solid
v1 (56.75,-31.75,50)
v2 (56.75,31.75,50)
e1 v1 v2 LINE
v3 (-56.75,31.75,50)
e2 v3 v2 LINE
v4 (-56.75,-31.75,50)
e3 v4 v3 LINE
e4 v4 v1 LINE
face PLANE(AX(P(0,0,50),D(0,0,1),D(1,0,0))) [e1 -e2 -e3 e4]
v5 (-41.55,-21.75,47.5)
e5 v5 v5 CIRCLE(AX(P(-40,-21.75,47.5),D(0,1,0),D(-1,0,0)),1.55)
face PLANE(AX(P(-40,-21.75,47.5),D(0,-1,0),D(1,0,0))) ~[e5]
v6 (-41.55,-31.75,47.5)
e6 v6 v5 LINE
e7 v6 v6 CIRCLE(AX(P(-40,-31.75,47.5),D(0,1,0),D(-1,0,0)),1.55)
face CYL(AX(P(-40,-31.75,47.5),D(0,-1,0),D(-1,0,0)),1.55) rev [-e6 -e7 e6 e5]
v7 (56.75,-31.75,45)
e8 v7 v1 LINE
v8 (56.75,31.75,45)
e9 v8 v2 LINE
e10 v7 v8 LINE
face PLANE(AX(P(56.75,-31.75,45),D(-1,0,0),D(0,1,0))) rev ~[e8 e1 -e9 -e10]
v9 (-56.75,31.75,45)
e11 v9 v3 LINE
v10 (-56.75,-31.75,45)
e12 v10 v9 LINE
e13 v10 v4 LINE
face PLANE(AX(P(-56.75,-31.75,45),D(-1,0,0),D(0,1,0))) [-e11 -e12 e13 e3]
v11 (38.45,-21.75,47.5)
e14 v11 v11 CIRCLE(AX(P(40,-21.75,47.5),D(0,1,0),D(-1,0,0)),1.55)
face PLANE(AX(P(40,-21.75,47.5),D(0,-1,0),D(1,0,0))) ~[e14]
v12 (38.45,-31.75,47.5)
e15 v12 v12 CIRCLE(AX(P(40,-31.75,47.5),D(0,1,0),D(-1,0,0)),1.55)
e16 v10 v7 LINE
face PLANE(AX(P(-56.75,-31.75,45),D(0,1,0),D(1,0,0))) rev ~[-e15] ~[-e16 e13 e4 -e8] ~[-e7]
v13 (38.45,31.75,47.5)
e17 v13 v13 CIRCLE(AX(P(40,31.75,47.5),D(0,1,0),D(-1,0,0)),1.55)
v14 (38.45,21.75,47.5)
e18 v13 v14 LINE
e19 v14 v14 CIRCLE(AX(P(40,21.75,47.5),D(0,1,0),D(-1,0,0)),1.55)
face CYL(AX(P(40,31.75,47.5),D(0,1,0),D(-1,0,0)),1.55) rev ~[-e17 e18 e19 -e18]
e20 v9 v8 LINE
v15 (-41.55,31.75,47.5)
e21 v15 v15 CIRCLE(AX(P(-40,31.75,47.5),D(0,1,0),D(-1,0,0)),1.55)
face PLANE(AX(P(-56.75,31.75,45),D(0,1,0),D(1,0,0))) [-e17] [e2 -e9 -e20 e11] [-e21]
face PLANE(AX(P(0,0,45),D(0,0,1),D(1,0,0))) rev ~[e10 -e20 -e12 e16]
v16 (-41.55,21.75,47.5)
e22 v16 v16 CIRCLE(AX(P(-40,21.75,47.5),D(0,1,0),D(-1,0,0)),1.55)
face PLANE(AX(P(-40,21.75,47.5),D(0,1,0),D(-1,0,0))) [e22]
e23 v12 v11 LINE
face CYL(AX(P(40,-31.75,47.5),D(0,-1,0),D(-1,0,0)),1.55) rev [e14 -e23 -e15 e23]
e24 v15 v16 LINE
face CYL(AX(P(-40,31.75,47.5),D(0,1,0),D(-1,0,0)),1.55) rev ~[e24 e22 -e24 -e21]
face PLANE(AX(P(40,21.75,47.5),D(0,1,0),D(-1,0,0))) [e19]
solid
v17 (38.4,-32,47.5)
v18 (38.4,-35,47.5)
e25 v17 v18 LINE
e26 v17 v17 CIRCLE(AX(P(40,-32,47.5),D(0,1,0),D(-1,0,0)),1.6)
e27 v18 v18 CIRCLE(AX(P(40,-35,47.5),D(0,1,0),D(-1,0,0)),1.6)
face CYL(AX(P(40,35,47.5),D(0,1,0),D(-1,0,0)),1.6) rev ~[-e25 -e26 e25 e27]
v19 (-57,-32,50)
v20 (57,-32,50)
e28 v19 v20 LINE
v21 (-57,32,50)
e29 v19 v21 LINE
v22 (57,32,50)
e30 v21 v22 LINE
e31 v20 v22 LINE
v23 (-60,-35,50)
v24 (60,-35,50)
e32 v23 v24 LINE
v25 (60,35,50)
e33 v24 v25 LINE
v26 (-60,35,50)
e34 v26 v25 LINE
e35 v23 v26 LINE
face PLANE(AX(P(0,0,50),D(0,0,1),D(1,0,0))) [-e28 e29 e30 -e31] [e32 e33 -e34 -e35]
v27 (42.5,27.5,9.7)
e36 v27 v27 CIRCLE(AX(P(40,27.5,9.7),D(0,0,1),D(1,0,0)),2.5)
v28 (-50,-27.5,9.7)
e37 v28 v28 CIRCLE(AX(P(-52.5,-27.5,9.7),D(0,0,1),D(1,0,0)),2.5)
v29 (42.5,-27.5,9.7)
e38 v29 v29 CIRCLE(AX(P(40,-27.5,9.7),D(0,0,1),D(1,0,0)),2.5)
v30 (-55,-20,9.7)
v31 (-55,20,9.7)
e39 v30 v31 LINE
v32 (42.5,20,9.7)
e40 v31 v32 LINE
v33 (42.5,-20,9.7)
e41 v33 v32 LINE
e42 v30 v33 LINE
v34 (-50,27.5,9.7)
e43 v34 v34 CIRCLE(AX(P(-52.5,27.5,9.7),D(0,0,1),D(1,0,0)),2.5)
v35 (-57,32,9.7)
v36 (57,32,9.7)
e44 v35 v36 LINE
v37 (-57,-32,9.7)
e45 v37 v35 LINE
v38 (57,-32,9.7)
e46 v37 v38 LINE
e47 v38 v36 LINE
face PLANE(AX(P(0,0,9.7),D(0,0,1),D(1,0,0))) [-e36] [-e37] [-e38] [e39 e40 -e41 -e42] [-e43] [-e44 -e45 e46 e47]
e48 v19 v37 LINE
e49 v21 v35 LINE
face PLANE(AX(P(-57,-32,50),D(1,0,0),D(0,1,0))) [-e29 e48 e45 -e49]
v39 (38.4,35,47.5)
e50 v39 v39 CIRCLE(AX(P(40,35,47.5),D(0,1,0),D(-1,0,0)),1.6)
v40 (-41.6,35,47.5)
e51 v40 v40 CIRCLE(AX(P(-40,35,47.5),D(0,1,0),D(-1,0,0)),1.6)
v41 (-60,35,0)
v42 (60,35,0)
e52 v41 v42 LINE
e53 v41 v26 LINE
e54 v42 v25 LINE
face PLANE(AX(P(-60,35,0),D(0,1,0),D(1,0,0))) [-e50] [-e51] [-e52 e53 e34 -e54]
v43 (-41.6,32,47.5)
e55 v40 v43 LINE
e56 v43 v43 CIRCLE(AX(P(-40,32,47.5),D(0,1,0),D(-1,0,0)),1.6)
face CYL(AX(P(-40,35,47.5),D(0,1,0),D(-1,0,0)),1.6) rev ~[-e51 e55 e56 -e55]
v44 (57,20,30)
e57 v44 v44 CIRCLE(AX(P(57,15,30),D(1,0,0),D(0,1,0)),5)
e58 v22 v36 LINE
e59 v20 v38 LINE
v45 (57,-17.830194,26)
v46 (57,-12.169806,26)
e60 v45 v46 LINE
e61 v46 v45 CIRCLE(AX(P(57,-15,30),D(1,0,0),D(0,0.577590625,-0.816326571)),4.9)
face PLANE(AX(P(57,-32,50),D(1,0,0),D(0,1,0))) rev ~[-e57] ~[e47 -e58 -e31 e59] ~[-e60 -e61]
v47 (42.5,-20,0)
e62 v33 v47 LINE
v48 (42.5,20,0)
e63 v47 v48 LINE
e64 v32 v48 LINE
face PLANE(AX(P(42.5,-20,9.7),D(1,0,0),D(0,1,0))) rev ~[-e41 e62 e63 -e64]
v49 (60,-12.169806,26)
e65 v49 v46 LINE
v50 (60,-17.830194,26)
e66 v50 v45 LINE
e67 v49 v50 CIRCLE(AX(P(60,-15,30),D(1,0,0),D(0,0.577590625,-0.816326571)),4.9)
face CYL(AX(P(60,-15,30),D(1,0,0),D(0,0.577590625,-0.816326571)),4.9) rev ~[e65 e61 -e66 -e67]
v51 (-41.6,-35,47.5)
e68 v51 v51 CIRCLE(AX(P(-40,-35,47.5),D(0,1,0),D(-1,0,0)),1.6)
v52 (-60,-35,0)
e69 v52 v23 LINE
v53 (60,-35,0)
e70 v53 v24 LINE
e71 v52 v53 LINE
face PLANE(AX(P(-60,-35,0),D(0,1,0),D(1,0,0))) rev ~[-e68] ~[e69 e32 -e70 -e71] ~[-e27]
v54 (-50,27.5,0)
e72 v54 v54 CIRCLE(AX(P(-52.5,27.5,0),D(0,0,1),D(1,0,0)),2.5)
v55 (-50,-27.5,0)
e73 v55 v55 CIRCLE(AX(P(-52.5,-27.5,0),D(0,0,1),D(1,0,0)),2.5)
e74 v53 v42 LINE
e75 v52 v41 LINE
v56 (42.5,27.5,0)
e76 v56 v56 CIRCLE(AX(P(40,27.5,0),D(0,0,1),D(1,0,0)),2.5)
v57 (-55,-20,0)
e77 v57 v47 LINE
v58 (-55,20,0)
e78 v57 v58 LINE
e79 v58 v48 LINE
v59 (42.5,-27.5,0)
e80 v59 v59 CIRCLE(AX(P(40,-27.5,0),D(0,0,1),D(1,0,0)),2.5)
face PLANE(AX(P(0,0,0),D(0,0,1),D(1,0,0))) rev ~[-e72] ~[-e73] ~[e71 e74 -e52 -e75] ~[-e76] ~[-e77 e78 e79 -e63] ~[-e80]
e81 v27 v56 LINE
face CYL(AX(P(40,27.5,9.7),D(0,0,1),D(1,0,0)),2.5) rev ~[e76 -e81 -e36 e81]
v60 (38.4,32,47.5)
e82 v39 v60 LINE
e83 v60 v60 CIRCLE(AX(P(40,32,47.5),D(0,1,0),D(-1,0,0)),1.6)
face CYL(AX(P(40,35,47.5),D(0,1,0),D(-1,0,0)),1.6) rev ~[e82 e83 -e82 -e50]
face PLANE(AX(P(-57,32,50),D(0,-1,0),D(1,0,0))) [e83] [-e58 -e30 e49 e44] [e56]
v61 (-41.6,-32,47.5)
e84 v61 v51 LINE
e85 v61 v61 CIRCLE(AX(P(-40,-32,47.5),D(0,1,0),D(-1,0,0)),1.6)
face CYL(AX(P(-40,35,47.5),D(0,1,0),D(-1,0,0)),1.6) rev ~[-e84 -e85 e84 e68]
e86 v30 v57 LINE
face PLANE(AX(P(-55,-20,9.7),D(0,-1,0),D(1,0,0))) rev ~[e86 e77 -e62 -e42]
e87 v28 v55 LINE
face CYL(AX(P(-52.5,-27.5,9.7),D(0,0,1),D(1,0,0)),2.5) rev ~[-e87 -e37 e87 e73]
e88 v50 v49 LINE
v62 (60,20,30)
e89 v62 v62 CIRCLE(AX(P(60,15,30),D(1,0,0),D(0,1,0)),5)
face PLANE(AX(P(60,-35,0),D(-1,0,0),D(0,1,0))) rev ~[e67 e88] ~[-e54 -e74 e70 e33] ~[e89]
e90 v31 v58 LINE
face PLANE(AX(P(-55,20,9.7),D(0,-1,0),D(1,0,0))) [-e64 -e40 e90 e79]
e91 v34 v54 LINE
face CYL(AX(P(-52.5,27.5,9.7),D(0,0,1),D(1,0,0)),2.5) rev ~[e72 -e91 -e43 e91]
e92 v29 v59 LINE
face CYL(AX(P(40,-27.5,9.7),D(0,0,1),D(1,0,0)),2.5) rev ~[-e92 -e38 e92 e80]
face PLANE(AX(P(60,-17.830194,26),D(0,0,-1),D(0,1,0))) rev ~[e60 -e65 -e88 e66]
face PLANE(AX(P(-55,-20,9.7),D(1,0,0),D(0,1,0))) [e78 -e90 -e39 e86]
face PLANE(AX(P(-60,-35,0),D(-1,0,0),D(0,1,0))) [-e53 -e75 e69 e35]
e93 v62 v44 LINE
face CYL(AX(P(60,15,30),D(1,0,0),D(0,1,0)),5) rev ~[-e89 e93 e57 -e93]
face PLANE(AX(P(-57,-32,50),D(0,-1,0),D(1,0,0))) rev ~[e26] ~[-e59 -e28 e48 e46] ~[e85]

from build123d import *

# Parameters (mm, degrees)
SKETCH_W        = 120
SKETCH_H        = 70
PAD_DEPTH       = 50
SKETCH001_W     = 114
SKETCH001_H     = 64
POCKET_DEPTH    = 40.3
SKETCH002_R     = 2.5
SKETCH002_W     = 97.5
SKETCH002_H     = 40
POCKET001_DEPTH = 9.701
SKETCH003_R     = 5
POCKET002_DEPTH = 5
SKETCH005_R     = 1.6
POCKET003_DEPTH = 70.001
SKETCH004_W     = 113.5
SKETCH004_H     = 63.5
PAD001_DEPTH    = 5
SKETCH006_R     = 1.55
POCKET004_DEPTH = 10


with BuildPart() as box:
    # Sketch → Pad (new body)
    with BuildSketch(Plane.XY):
        Rectangle(SKETCH_W, SKETCH_H)
    extrude(amount=PAD_DEPTH)

    # Sketch001 (on Face6 of Pad) → Pocket (cut)
    with BuildSketch(Plane.XY.offset(50)):
        Rectangle(SKETCH001_W, SKETCH001_H)
    extrude(amount=-POCKET_DEPTH, mode=Mode.SUBTRACT)

    # Sketch002 (on Face11 of Pocket) → Pocket001 (cut, through all)
    with BuildSketch(Plane.XY.offset(9.7)):
        with Locations((-52.5, -27.5)):
            Circle(SKETCH002_R)
        with Locations((-52.5, 27.5)):
            Circle(SKETCH002_R)
        with Locations((40, 27.5)):
            Circle(SKETCH002_R)
        with Locations((40, -27.5)):
            Circle(SKETCH002_R)
        with Locations((-6.25, 0)):
            Rectangle(SKETCH002_W, SKETCH002_H)
    extrude(amount=-POCKET001_DEPTH, mode=Mode.SUBTRACT)

    # Sketch003 (on Face6 of Pocket001) → Pocket002 (cut)
    with BuildSketch(Plane.YZ.offset(60)):
        with Locations((15, 30)):
            Circle(SKETCH003_R)
        with BuildLine():
            ThreePointArc((-12.169806, 26), (-15, 34.9), (-17.830194, 26))
            Line((-17.830194, 26), (-12.169806, 26))
        make_face()
    extrude(amount=-POCKET002_DEPTH, mode=Mode.SUBTRACT)

    # Sketch005 (on Face2 of Pocket002) → Pocket003 (cut, through all)
    with BuildSketch(Plane(origin=(0, 35, 0), x_dir=(-1, 0, 0), z_dir=(0, 1, 0))):
        with Locations((40, 47.5)):
            Circle(SKETCH005_R)
        with Locations((-40, 47.5)):
            Circle(SKETCH005_R)
    extrude(amount=-POCKET003_DEPTH, mode=Mode.SUBTRACT)


with BuildPart() as cover:
    # Sketch004 → Pad001 (new body)
    with BuildSketch(Plane.XY):
        Rectangle(SKETCH004_W, SKETCH004_H)
    extrude(amount=PAD001_DEPTH)

    # Sketch006 (on Face4 of Pad001) → Pocket004 (cut)
    with BuildSketch(Plane(origin=(0, 31.75, 0), x_dir=(-1, 0, 0), z_dir=(0, 1, 0))):
        with Locations((-40, 2.5)):
            Circle(SKETCH006_R)
        with Locations((40, 2.5)):
            Circle(SKETCH006_R)
    pocket004 = extrude(amount=-POCKET004_DEPTH, mode=Mode.SUBTRACT)

    # Mirrored: Pocket004 across XZ
    add(pocket004.mirror(Plane.XZ), mode=Mode.SUBTRACT)


with BuildPart() as cover_1:
    # Body001 placement: moved
    add(cover.part.moved(Location((0, 0, 45))))


solid = Compound([box.part, cover_1.part])
